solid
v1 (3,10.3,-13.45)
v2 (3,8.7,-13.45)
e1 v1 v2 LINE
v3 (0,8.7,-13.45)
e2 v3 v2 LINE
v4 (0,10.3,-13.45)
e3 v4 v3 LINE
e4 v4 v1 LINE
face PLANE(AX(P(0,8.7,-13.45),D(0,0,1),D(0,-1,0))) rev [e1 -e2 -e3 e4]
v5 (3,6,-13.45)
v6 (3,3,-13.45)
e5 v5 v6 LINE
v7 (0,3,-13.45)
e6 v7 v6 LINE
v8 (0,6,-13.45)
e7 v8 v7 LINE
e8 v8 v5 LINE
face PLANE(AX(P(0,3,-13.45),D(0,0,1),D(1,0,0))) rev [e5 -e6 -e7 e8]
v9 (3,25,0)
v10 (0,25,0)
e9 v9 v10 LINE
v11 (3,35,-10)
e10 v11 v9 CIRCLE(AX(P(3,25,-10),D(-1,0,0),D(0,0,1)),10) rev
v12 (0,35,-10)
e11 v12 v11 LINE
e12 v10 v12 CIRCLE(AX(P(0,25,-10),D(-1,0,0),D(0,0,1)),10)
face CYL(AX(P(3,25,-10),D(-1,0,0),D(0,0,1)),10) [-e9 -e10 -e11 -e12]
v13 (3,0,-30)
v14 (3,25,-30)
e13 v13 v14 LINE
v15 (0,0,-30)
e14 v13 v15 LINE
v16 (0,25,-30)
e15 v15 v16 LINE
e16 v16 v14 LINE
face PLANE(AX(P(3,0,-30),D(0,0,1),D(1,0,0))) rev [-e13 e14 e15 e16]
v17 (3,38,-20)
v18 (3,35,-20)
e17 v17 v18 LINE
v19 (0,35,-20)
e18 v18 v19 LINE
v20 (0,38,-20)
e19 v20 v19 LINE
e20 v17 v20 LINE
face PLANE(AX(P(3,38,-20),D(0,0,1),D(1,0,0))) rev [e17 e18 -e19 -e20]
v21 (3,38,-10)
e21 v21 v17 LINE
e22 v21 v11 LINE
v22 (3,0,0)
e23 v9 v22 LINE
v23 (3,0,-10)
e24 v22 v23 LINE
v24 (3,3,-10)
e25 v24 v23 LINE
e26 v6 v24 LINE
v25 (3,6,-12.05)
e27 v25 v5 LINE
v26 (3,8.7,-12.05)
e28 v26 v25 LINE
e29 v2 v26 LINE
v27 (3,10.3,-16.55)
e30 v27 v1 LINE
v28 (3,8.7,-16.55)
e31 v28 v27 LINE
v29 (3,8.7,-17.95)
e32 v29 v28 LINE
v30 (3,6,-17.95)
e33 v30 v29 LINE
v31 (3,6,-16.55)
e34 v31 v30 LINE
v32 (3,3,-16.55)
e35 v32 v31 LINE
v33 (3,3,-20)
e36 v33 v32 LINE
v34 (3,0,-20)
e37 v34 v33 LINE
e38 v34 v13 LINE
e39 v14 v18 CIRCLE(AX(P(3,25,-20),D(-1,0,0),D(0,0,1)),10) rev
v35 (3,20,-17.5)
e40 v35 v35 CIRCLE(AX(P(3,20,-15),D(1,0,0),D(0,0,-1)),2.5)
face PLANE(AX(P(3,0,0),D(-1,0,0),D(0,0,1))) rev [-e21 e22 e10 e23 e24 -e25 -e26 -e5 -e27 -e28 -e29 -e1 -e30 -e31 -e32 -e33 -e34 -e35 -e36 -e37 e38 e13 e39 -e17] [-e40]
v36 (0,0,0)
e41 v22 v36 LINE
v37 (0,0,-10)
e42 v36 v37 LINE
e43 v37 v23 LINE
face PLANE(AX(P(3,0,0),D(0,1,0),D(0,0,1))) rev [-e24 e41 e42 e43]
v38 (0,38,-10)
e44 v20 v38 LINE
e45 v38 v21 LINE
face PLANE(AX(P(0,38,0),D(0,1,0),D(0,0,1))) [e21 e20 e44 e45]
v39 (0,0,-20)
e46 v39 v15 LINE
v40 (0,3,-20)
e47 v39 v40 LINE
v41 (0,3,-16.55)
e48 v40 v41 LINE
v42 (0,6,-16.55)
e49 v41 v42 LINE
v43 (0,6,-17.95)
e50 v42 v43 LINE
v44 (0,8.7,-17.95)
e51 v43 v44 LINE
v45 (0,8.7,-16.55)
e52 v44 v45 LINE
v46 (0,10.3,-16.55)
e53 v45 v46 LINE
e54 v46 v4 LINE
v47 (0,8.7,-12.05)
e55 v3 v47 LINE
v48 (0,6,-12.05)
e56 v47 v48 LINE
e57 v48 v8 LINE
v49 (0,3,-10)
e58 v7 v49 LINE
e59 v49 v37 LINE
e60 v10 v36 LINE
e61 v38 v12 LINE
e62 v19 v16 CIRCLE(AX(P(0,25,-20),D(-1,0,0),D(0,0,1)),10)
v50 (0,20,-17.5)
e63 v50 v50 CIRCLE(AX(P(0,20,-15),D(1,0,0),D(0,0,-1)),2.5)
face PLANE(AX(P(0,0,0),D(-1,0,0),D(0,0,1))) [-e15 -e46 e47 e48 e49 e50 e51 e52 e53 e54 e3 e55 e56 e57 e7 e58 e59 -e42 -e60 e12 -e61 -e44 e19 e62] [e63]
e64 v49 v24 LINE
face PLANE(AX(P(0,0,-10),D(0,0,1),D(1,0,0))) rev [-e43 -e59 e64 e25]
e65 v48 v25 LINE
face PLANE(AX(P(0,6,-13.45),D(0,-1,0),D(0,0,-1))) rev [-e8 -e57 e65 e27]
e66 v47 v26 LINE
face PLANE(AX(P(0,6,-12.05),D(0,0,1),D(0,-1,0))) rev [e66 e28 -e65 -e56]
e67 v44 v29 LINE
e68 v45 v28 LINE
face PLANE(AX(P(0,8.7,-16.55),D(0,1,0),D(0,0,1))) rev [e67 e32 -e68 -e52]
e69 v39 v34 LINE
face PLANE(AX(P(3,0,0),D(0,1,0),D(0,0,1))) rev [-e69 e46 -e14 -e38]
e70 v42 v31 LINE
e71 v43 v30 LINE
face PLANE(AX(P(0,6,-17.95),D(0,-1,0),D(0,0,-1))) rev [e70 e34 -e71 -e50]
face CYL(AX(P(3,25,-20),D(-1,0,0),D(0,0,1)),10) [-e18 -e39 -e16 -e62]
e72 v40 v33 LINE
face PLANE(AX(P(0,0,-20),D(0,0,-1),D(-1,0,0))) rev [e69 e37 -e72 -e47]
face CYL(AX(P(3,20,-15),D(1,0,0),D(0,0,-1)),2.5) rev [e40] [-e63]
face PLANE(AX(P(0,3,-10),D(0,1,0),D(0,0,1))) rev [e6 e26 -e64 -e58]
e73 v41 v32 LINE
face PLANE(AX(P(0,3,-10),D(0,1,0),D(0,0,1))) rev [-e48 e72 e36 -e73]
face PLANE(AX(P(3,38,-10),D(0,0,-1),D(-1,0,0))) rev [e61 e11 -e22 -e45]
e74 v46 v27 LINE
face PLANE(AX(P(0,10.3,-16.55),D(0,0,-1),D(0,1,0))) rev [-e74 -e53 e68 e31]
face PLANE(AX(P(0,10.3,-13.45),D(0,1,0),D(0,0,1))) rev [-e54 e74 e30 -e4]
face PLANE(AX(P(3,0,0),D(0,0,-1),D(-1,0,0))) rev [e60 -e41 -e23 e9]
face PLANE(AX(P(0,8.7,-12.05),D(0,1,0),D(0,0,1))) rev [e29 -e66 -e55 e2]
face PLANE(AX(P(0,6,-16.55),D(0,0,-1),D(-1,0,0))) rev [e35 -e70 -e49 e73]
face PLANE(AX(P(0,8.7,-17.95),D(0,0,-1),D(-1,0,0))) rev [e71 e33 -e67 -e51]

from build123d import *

# Parameters (mm, degrees)
SKETCH1_W                 = 30
SKETCH1_H                 = 35
BOSS_EXTRUDE1_DEPTH       = 3
FILLET1_R                 = 10
SKETCH2_W                 = 10
SKETCH2_H                 = 3
CUT_EXTRUDE1_DEPTH        = 3
F_5_0MM_DOWEL_HOLE1_D     = 5
F_5_0MM_DOWEL_HOLE1_DEPTH = 3
F_5_0MM_DOWEL_HOLE1_TIP   = 1.502151548
CUT_EXTRUDE2_DEPTH        = 3
SKETCH6_W                 = 3
SKETCH6_H                 = 10
BOSS_EXTRUDE2_DEPTH       = 3


with BuildPart() as part:
    # Sketch1 → Boss-Extrude1 (new body)
    with BuildSketch(Plane(origin=(0, 0, 0), x_dir=(0, 0, -1), z_dir=(1, 0, 0))):
        with Locations((15, 17.5)):
            Rectangle(SKETCH1_W, SKETCH1_H)
    extrude(amount=BOSS_EXTRUDE1_DEPTH)

    # Fillet1
    fillet1_edges = [part.edges().sort_by_distance(p)[0] for p in [
        (1.5, 35, 0),
        (1.5, 35, -30),
    ]]
    fillet(fillet1_edges, radius=FILLET1_R)

    # Sketch2 → Cut-Extrude1 (cut)
    with BuildSketch(Plane(origin=(3, 0, 0), x_dir=(0, 0, -1), z_dir=(1, 0, 0))):
        with Locations((15, 1.5)):
            Rectangle(SKETCH2_W, SKETCH2_H)
    extrude(amount=-CUT_EXTRUDE1_DEPTH, mode=Mode.SUBTRACT)

    # Ø5.0mm Dowel Hole1
    with Locations(Plane(origin=(3, 0, 0), x_dir=(0, 0, -1), z_dir=(1, 0, 0))):
        with Locations((15, 20)):
            Hole(F_5_0MM_DOWEL_HOLE1_D / 2, depth=F_5_0MM_DOWEL_HOLE1_DEPTH)
            with Locations((0, 0, -(F_5_0MM_DOWEL_HOLE1_DEPTH + F_5_0MM_DOWEL_HOLE1_TIP / 2))):  # 118° drill point
                Cone(0, F_5_0MM_DOWEL_HOLE1_D / 2, F_5_0MM_DOWEL_HOLE1_TIP, mode=Mode.SUBTRACT)

    # Sketch5 → Cut-Extrude2 (cut)
    with BuildSketch(Plane(origin=(3, 0, 0), x_dir=(0, 0, -1), z_dir=(1, 0, 0))):
        Polygon((13.45, 3), (13.45, 6), (12.05, 6), (12.05, 8.7), (13.45, 8.7), (13.45, 10.3), (16.55, 10.3), (16.55, 8.7), (17.95, 8.7), (17.95, 6), (16.55, 6), (16.55, 3), align=None)
    extrude(amount=-CUT_EXTRUDE2_DEPTH, mode=Mode.SUBTRACT)

    # Sketch6 → Boss-Extrude2 (add)
    with BuildSketch(Plane(origin=(0, 35, 0), x_dir=(1, 0, 0), z_dir=(0, 1, 0))):
        with Locations((1.5, 15)):
            Rectangle(SKETCH6_W, SKETCH6_H)
    extrude(amount=BOSS_EXTRUDE2_DEPTH)


solid = part.part
